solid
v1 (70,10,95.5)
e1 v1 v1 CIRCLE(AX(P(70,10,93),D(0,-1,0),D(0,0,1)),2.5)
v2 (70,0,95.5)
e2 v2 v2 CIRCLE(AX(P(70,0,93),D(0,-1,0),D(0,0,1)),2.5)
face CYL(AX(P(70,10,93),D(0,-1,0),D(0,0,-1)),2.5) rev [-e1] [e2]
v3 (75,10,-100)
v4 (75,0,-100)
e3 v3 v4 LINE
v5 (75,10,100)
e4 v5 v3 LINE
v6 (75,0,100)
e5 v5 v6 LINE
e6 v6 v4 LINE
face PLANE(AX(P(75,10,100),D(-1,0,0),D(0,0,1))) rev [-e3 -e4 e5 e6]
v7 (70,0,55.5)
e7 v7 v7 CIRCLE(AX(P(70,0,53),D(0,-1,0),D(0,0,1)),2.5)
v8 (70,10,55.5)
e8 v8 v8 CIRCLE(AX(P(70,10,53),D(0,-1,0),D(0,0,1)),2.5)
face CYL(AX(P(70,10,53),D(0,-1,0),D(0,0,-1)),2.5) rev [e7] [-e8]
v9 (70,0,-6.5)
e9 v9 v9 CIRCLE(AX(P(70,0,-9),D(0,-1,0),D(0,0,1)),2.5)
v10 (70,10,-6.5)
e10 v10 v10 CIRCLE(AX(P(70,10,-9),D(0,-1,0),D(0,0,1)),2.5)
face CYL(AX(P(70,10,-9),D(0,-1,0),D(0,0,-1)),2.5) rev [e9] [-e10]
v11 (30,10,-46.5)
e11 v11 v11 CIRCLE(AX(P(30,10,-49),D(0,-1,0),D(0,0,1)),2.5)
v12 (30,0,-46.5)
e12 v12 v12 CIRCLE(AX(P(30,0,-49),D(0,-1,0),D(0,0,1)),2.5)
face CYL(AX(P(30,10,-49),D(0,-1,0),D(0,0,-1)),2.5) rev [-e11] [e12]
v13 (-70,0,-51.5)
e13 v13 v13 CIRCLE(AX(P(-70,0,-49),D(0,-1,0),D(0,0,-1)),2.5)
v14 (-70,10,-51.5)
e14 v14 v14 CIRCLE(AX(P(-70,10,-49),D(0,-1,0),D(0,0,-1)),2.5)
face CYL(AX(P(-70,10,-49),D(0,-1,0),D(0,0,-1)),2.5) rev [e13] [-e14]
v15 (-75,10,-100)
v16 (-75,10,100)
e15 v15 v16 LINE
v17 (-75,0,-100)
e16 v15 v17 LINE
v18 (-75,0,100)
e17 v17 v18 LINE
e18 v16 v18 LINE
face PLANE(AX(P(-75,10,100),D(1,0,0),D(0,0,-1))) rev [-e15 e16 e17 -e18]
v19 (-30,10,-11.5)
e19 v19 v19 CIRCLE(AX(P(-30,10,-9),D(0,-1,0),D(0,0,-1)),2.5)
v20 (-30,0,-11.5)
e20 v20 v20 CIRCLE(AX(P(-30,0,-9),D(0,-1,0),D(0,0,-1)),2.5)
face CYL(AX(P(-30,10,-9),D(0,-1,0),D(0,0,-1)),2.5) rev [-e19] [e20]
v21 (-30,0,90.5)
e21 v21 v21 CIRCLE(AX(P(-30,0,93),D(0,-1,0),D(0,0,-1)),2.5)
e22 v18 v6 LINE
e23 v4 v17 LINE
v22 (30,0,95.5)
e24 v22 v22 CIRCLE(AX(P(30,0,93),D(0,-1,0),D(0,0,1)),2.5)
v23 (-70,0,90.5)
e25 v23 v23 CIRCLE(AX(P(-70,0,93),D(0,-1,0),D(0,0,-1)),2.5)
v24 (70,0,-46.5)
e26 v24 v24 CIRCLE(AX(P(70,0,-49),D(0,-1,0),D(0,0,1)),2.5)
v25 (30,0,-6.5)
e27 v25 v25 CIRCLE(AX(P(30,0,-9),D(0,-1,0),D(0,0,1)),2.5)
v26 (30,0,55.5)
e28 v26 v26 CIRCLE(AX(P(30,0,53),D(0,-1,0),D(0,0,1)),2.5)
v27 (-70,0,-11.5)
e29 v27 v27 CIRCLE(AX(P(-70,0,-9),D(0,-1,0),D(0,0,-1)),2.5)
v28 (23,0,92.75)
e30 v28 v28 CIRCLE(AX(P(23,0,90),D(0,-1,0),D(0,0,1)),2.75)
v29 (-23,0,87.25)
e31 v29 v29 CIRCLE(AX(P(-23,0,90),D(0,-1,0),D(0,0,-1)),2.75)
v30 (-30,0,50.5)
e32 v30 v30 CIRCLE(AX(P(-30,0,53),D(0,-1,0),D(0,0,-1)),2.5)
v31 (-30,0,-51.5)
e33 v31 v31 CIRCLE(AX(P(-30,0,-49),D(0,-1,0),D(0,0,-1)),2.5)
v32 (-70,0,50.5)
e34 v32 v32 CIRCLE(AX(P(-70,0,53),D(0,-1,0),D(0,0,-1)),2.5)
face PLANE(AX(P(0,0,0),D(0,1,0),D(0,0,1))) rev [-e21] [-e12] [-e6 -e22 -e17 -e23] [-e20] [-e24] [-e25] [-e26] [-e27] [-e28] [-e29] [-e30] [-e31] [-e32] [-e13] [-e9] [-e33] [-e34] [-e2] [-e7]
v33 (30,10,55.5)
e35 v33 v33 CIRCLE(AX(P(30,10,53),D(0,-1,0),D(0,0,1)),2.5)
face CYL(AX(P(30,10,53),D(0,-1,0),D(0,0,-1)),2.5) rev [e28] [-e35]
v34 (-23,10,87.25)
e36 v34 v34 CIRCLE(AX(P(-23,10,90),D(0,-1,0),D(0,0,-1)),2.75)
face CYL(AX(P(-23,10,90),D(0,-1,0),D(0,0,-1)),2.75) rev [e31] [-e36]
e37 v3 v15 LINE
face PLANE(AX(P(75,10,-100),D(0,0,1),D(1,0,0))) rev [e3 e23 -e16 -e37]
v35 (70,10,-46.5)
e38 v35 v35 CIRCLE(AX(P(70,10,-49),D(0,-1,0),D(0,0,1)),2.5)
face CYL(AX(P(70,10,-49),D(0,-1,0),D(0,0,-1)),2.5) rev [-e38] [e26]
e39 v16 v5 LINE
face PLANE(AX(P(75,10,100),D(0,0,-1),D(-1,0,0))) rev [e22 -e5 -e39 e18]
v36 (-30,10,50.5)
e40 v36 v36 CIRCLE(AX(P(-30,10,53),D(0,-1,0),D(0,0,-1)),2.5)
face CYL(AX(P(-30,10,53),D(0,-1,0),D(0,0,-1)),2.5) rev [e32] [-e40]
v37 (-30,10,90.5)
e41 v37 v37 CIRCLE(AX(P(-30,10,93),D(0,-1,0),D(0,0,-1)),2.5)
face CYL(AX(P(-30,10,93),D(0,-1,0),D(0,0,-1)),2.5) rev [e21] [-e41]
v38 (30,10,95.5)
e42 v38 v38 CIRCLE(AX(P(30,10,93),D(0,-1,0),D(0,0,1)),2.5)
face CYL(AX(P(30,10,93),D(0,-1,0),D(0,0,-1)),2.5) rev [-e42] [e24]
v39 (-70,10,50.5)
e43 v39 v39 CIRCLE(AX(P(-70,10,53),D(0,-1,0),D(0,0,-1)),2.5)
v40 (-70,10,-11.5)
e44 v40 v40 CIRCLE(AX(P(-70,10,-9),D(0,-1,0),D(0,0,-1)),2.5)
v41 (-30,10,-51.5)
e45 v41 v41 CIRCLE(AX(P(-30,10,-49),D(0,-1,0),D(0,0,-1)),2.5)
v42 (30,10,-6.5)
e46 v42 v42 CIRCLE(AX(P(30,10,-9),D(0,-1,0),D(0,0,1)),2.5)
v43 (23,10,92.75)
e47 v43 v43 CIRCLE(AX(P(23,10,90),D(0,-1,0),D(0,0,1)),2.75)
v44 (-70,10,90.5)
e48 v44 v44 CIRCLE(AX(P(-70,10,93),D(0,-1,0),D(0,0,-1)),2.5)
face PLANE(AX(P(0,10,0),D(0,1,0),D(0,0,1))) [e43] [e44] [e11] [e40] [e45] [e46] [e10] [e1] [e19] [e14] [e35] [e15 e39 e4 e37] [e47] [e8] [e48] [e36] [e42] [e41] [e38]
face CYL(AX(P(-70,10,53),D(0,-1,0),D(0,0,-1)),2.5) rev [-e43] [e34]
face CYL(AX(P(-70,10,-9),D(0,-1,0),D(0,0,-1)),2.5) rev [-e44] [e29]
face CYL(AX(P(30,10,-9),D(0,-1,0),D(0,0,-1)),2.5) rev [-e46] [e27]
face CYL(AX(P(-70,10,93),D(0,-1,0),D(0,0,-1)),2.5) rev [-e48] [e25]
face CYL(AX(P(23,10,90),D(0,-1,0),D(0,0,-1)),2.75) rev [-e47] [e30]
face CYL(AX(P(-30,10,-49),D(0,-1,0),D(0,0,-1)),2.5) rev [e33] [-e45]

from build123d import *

# Parameters (mm, degrees)
SKETCH1_W           = 150
SKETCH1_H           = 200
BOSS_EXTRUDE1_DEPTH = 10
SKETCH2_R           = 2.5
SKETCH2_R_2         = 2.75
CUT_EXTRUDE1_DEPTH  = 11


with BuildPart() as part:
    # Sketch1 → Boss-Extrude1 (new body)
    with BuildSketch(Plane(origin=(0, 0, 0), x_dir=(1, 0, 0), z_dir=(0, 1, 0))):
        Rectangle(SKETCH1_W, SKETCH1_H)
    extrude(amount=BOSS_EXTRUDE1_DEPTH)

    # Sketch2 → Cut-Extrude1 (cut, through all)
    with BuildSketch(Plane.XZ):
        with Locations((-70, 93)):
            Circle(SKETCH2_R)
        with Locations((-30, 93)):
            Circle(SKETCH2_R)
        with Locations((-30, 53)):
            Circle(SKETCH2_R)
        with Locations((-70, 53)):
            Circle(SKETCH2_R)
        with Locations((70, 53)):
            Circle(SKETCH2_R)
        with Locations((30, 53)):
            Circle(SKETCH2_R)
        with Locations((30, 93)):
            Circle(SKETCH2_R)
        with Locations((70, 93)):
            Circle(SKETCH2_R)
        with Locations((-70, -9)):
            Circle(SKETCH2_R)
        with Locations((-30, -9)):
            Circle(SKETCH2_R)
        with Locations((-30, -49)):
            Circle(SKETCH2_R)
        with Locations((-70, -49)):
            Circle(SKETCH2_R)
        with Locations((70, -49)):
            Circle(SKETCH2_R)
        with Locations((30, -49)):
            Circle(SKETCH2_R)
        with Locations((30, -9)):
            Circle(SKETCH2_R)
        with Locations((70, -9)):
            Circle(SKETCH2_R)
        with Locations((-23, 90)):
            Circle(SKETCH2_R_2)
        with Locations((23, 90)):
            Circle(SKETCH2_R_2)
    extrude(amount=-CUT_EXTRUDE1_DEPTH, mode=Mode.SUBTRACT)


solid = part.part
